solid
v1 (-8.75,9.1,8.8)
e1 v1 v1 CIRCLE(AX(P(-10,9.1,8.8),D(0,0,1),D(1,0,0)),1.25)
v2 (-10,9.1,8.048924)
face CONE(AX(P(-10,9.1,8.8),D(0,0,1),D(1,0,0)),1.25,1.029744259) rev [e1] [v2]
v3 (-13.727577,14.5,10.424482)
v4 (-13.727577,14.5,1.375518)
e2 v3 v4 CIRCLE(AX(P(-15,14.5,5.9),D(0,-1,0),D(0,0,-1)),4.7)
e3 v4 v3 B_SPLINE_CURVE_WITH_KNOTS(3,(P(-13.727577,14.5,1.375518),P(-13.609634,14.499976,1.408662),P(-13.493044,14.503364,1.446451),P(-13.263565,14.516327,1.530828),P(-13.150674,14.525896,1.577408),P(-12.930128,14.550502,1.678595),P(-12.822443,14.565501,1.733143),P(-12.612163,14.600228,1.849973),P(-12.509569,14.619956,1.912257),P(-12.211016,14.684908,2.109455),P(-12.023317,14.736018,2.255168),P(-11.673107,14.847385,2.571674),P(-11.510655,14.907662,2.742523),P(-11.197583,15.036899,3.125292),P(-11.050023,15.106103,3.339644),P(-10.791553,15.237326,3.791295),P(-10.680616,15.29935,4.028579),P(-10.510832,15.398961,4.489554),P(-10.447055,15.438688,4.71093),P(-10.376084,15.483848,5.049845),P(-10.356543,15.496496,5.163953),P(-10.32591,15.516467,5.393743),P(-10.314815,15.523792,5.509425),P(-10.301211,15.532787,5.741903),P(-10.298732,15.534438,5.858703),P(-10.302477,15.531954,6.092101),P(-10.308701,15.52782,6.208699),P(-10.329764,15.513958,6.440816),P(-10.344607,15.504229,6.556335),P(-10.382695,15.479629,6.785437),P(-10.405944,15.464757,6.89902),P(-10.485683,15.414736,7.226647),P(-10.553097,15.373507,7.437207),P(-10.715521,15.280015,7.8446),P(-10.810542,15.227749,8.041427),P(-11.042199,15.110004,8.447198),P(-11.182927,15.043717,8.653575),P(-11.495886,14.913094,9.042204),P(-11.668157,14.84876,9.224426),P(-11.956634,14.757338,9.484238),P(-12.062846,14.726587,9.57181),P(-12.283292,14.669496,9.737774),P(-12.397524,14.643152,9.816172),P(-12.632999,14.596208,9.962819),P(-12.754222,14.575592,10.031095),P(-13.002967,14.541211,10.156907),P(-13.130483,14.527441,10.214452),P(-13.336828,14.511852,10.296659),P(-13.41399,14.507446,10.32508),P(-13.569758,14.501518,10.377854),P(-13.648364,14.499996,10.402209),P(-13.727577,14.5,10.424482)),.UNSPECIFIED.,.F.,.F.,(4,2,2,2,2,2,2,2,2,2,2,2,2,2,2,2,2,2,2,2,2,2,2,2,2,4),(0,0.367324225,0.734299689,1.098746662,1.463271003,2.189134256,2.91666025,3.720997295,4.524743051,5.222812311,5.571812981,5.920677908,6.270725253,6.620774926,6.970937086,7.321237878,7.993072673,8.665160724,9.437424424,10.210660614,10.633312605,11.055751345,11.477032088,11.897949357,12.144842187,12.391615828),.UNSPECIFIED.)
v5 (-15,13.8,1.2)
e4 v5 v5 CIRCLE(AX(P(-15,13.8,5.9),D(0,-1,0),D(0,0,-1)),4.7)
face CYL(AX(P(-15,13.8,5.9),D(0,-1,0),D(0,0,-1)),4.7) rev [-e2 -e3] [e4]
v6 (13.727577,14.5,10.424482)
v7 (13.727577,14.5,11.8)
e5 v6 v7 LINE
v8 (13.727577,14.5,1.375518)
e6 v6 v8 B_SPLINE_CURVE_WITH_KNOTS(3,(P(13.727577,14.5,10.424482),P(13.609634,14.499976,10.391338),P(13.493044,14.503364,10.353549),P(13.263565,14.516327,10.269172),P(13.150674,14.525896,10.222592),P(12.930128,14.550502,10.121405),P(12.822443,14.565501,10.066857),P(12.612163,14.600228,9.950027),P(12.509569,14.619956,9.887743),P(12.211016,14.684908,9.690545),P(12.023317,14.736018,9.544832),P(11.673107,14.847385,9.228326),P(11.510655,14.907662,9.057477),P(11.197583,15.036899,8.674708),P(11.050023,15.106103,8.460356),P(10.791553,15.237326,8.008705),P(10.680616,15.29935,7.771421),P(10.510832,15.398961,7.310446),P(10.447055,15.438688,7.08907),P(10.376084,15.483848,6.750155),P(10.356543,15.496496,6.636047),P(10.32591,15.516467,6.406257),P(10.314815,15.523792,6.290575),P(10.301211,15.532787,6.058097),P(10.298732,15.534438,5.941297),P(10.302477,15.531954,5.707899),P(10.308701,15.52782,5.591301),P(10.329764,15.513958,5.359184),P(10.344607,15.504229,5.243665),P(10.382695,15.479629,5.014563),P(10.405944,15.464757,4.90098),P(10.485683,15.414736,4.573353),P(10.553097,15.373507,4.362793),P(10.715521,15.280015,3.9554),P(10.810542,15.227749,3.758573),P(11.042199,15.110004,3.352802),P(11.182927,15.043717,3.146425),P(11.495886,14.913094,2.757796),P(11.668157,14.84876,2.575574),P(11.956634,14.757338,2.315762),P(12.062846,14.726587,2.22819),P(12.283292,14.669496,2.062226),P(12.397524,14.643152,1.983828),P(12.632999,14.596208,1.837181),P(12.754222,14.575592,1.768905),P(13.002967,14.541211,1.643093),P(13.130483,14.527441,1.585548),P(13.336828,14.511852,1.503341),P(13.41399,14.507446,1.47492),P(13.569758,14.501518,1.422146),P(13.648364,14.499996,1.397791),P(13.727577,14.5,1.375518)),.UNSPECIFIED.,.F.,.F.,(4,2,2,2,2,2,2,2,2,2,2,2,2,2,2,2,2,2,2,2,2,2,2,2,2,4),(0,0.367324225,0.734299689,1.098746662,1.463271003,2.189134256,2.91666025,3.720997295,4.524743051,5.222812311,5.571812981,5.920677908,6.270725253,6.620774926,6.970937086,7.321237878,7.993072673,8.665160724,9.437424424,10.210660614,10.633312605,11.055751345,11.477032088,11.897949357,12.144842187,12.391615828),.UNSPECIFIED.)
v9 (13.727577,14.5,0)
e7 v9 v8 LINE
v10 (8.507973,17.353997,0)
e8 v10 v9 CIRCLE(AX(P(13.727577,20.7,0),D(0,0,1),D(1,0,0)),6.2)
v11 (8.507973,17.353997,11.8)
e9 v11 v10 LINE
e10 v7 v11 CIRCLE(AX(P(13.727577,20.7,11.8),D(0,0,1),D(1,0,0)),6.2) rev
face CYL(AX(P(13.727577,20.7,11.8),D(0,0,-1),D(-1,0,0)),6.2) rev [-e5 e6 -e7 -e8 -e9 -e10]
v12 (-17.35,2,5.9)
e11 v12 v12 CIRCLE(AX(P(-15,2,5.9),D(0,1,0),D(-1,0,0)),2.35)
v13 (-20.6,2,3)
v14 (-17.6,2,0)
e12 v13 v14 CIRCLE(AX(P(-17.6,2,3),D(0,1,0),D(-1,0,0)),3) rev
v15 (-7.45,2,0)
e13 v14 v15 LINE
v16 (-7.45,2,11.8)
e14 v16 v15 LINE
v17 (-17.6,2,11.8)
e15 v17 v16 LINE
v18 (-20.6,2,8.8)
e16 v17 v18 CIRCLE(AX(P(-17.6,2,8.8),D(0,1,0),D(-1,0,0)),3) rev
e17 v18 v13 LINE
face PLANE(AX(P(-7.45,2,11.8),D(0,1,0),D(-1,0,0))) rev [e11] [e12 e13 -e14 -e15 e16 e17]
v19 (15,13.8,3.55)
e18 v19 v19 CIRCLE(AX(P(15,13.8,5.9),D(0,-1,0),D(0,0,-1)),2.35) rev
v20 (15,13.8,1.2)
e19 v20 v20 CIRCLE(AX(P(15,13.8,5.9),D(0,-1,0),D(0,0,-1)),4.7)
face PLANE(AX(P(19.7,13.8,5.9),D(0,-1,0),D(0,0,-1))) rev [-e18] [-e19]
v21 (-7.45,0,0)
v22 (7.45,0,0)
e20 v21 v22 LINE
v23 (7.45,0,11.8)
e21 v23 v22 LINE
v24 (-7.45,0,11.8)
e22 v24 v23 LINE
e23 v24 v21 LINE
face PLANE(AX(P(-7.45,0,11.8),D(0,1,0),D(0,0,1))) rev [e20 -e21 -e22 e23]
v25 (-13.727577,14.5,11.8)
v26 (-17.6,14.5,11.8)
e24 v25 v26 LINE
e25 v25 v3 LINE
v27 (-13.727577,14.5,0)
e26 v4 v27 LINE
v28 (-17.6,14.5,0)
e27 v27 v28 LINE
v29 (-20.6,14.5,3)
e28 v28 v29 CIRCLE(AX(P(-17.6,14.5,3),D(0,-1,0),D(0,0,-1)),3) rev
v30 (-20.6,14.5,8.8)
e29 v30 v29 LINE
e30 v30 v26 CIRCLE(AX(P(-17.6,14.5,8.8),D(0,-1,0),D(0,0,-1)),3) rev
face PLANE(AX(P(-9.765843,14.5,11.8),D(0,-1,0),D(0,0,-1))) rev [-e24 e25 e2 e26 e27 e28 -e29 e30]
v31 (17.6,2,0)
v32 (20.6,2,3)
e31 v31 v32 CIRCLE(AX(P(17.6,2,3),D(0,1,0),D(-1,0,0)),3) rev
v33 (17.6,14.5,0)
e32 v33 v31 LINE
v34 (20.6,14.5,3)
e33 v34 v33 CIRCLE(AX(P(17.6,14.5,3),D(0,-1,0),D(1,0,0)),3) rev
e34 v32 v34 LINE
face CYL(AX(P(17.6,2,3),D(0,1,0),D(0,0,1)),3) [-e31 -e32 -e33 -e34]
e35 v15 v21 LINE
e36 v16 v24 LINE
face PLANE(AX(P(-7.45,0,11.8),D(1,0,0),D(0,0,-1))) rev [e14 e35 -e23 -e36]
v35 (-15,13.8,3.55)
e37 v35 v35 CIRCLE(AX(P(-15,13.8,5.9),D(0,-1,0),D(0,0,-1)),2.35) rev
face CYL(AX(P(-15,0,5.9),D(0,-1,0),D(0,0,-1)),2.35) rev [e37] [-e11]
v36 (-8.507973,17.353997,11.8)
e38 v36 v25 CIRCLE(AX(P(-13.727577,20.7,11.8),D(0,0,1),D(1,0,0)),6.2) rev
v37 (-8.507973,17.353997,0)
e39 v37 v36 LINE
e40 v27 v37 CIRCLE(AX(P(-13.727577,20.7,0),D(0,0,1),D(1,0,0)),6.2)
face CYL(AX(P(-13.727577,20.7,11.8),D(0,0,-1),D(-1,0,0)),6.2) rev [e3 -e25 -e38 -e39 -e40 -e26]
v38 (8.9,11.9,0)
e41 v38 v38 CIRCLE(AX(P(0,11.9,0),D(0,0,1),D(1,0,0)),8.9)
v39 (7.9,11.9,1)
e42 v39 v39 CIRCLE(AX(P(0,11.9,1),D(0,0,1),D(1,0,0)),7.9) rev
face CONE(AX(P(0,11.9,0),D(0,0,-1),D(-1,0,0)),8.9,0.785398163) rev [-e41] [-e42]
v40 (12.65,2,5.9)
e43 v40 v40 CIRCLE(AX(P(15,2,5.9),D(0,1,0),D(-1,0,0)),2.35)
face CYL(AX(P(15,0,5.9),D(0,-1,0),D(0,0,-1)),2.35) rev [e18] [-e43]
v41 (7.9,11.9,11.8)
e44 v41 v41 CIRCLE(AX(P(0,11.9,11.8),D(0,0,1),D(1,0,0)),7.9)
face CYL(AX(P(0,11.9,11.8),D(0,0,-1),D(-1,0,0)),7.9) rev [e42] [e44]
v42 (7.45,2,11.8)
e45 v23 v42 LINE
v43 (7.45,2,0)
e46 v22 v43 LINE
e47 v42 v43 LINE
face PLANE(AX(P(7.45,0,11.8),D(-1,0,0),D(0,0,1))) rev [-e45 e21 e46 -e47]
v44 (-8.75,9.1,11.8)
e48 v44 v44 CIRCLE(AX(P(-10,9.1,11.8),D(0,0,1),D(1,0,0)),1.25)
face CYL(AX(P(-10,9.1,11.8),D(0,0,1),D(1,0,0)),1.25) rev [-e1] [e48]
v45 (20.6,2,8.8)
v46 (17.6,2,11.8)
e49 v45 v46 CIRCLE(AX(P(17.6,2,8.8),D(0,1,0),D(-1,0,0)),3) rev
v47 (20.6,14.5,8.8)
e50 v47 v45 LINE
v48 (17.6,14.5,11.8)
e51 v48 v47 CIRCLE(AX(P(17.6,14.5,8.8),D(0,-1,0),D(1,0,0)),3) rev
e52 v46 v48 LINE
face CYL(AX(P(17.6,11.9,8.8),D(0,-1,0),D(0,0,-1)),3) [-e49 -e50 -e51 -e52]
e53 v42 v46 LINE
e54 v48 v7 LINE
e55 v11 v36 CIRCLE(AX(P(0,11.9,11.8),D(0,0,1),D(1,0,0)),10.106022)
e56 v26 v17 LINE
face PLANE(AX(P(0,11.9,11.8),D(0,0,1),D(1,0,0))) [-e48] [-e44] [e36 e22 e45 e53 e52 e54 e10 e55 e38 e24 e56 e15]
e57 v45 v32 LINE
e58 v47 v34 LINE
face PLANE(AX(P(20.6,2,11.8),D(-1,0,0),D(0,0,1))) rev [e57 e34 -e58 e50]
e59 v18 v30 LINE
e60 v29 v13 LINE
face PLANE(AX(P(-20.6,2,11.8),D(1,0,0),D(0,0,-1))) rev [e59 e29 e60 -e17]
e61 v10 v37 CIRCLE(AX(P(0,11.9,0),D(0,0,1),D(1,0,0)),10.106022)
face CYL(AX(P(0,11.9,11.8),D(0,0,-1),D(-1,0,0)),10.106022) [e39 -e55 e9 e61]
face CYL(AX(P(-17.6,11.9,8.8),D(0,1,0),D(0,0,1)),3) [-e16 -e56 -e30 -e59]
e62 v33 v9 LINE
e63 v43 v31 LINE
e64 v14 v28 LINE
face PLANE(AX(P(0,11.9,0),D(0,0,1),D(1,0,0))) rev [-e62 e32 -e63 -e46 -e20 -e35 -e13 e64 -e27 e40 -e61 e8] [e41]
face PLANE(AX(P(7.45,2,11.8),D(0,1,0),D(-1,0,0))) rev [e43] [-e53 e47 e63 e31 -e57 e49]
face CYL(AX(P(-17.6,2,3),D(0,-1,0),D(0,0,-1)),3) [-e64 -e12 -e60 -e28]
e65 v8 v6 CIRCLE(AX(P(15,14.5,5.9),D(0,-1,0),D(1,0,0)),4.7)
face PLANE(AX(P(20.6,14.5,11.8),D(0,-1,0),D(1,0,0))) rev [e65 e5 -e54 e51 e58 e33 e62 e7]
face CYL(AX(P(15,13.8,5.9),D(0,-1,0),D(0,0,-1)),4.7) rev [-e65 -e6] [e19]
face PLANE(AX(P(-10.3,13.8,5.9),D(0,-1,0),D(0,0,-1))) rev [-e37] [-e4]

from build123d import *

# Parameters (mm, degrees)
SKETCH_3_R                       = 7.9
EXTRUDE_1_DEPTH                  = 11.8
FILLET_1_R                       = 6.2
FILLET_2_R                       = 3
CHAMFER_1_SIZE                   = 1
HOLE_WIZARD_4_7_4_7_2_D          = 4.7
SKETCH_18_W                      = 4.7
SKETCH_18_H                      = 8.206022117
HOLE_WIZARD_9_4_9_4_1_AT_2_COUNT = 2
HOLE_WIZARD_9_4_9_4_1_AT_2_PITCH = 30
HOLE_WIZARD_M3_2_D               = 2.5
HOLE_WIZARD_M3_2_DEPTH           = 3
HOLE_WIZARD_M3_2_TIP             = 0.751075774


with BuildPart() as part:
    # 스케치3 → 보스-돌출1 (new body)
    with BuildSketch(Plane.XY):
        with BuildLine():
            Line((-7.45, 0), (7.45, 0))
            Line((7.45, 0), (7.45, 2))
            Line((7.45, 2), (20.6, 2))
            Line((20.6, 2), (20.6, 14.5))
            Line((20.6, 14.5), (9.765842668, 14.5))
            ThreePointArc((9.765842668, 14.5), (0, 22.006022117), (-9.765842668, 14.5))
            Line((-9.765842668, 14.5), (-20.6, 14.5))
            Line((-20.6, 14.5), (-20.6, 2))
            Line((-20.6, 2), (-7.45, 2))
            Line((-7.45, 2), (-7.45, 0))
        make_face()
        with Locations((0, 11.9)):
            Circle(SKETCH_3_R, mode=Mode.SUBTRACT)
    extrude(amount=EXTRUDE_1_DEPTH)

    # 필렛1
    fillet_1_edges = [part.edges().sort_by_distance(p)[0] for p in [
        (-9.765842668, 14.5, 5.9),
        (9.765842668, 14.5, 5.9),
    ]]
    fillet(fillet_1_edges, radius=FILLET_1_R)

    # 필렛2
    fillet_2_edges = [part.edges().sort_by_distance(p)[0] for p in [
        (20.6, 8.25, 0),
        (20.6, 8.25, 11.8),
        (-20.6, 8.25, 11.8),
        (-20.6, 8.25, 0),
    ]]
    fillet(fillet_2_edges, radius=FILLET_2_R)

    # 모따기1
    chamfer_1_edges = [part.edges().sort_by_distance(p)[0] for p in [
        (-7.9, 11.9, 0),
    ]]
    chamfer(chamfer_1_edges, length=CHAMFER_1_SIZE)

    # Ø4.7 (4.7) 지름 구멍2 (through all)
    with Locations(Plane.XZ):
        with Locations((15, 5.9), (-15, 5.9)):
            Hole(HOLE_WIZARD_4_7_4_7_2_D / 2)

    # 스케치18 → Ø9.4 (9.4) 지름 구멍1 (revolve, cut)
    with BuildSketch(Plane(origin=(-15, 13.8, 5.9), x_dir=(0, 0, -1), z_dir=(1, 0, 0))):
        with Locations((2.35, 4.103011058)):
            Rectangle(SKETCH_18_W, SKETCH_18_H)
    hole_wizard_9_4_9_4_1 = revolve(axis=Axis((-15, 7.45, 5.9), (0, 1, 0)), mode=Mode.SUBTRACT)

    # Ø9.4 (9.4) 지름 구멍1 at 2: Ø9.4 (9.4) 지름 구멍1 ×2
    with Locations(*[(i * HOLE_WIZARD_9_4_9_4_1_AT_2_PITCH, 0, 0) for i in range(1, HOLE_WIZARD_9_4_9_4_1_AT_2_COUNT)]):
        add(hole_wizard_9_4_9_4_1, mode=Mode.SUBTRACT)

    # M3 나사 구멍2
    with Locations(Plane.XY.offset(11.8)):
        with Locations((-10, 9.1)):
            Hole(HOLE_WIZARD_M3_2_D / 2, depth=HOLE_WIZARD_M3_2_DEPTH)
            with Locations((0, 0, -(HOLE_WIZARD_M3_2_DEPTH + HOLE_WIZARD_M3_2_TIP / 2))):  # 118° drill point
                Cone(0, HOLE_WIZARD_M3_2_D / 2, HOLE_WIZARD_M3_2_TIP, mode=Mode.SUBTRACT)


solid = part.part
